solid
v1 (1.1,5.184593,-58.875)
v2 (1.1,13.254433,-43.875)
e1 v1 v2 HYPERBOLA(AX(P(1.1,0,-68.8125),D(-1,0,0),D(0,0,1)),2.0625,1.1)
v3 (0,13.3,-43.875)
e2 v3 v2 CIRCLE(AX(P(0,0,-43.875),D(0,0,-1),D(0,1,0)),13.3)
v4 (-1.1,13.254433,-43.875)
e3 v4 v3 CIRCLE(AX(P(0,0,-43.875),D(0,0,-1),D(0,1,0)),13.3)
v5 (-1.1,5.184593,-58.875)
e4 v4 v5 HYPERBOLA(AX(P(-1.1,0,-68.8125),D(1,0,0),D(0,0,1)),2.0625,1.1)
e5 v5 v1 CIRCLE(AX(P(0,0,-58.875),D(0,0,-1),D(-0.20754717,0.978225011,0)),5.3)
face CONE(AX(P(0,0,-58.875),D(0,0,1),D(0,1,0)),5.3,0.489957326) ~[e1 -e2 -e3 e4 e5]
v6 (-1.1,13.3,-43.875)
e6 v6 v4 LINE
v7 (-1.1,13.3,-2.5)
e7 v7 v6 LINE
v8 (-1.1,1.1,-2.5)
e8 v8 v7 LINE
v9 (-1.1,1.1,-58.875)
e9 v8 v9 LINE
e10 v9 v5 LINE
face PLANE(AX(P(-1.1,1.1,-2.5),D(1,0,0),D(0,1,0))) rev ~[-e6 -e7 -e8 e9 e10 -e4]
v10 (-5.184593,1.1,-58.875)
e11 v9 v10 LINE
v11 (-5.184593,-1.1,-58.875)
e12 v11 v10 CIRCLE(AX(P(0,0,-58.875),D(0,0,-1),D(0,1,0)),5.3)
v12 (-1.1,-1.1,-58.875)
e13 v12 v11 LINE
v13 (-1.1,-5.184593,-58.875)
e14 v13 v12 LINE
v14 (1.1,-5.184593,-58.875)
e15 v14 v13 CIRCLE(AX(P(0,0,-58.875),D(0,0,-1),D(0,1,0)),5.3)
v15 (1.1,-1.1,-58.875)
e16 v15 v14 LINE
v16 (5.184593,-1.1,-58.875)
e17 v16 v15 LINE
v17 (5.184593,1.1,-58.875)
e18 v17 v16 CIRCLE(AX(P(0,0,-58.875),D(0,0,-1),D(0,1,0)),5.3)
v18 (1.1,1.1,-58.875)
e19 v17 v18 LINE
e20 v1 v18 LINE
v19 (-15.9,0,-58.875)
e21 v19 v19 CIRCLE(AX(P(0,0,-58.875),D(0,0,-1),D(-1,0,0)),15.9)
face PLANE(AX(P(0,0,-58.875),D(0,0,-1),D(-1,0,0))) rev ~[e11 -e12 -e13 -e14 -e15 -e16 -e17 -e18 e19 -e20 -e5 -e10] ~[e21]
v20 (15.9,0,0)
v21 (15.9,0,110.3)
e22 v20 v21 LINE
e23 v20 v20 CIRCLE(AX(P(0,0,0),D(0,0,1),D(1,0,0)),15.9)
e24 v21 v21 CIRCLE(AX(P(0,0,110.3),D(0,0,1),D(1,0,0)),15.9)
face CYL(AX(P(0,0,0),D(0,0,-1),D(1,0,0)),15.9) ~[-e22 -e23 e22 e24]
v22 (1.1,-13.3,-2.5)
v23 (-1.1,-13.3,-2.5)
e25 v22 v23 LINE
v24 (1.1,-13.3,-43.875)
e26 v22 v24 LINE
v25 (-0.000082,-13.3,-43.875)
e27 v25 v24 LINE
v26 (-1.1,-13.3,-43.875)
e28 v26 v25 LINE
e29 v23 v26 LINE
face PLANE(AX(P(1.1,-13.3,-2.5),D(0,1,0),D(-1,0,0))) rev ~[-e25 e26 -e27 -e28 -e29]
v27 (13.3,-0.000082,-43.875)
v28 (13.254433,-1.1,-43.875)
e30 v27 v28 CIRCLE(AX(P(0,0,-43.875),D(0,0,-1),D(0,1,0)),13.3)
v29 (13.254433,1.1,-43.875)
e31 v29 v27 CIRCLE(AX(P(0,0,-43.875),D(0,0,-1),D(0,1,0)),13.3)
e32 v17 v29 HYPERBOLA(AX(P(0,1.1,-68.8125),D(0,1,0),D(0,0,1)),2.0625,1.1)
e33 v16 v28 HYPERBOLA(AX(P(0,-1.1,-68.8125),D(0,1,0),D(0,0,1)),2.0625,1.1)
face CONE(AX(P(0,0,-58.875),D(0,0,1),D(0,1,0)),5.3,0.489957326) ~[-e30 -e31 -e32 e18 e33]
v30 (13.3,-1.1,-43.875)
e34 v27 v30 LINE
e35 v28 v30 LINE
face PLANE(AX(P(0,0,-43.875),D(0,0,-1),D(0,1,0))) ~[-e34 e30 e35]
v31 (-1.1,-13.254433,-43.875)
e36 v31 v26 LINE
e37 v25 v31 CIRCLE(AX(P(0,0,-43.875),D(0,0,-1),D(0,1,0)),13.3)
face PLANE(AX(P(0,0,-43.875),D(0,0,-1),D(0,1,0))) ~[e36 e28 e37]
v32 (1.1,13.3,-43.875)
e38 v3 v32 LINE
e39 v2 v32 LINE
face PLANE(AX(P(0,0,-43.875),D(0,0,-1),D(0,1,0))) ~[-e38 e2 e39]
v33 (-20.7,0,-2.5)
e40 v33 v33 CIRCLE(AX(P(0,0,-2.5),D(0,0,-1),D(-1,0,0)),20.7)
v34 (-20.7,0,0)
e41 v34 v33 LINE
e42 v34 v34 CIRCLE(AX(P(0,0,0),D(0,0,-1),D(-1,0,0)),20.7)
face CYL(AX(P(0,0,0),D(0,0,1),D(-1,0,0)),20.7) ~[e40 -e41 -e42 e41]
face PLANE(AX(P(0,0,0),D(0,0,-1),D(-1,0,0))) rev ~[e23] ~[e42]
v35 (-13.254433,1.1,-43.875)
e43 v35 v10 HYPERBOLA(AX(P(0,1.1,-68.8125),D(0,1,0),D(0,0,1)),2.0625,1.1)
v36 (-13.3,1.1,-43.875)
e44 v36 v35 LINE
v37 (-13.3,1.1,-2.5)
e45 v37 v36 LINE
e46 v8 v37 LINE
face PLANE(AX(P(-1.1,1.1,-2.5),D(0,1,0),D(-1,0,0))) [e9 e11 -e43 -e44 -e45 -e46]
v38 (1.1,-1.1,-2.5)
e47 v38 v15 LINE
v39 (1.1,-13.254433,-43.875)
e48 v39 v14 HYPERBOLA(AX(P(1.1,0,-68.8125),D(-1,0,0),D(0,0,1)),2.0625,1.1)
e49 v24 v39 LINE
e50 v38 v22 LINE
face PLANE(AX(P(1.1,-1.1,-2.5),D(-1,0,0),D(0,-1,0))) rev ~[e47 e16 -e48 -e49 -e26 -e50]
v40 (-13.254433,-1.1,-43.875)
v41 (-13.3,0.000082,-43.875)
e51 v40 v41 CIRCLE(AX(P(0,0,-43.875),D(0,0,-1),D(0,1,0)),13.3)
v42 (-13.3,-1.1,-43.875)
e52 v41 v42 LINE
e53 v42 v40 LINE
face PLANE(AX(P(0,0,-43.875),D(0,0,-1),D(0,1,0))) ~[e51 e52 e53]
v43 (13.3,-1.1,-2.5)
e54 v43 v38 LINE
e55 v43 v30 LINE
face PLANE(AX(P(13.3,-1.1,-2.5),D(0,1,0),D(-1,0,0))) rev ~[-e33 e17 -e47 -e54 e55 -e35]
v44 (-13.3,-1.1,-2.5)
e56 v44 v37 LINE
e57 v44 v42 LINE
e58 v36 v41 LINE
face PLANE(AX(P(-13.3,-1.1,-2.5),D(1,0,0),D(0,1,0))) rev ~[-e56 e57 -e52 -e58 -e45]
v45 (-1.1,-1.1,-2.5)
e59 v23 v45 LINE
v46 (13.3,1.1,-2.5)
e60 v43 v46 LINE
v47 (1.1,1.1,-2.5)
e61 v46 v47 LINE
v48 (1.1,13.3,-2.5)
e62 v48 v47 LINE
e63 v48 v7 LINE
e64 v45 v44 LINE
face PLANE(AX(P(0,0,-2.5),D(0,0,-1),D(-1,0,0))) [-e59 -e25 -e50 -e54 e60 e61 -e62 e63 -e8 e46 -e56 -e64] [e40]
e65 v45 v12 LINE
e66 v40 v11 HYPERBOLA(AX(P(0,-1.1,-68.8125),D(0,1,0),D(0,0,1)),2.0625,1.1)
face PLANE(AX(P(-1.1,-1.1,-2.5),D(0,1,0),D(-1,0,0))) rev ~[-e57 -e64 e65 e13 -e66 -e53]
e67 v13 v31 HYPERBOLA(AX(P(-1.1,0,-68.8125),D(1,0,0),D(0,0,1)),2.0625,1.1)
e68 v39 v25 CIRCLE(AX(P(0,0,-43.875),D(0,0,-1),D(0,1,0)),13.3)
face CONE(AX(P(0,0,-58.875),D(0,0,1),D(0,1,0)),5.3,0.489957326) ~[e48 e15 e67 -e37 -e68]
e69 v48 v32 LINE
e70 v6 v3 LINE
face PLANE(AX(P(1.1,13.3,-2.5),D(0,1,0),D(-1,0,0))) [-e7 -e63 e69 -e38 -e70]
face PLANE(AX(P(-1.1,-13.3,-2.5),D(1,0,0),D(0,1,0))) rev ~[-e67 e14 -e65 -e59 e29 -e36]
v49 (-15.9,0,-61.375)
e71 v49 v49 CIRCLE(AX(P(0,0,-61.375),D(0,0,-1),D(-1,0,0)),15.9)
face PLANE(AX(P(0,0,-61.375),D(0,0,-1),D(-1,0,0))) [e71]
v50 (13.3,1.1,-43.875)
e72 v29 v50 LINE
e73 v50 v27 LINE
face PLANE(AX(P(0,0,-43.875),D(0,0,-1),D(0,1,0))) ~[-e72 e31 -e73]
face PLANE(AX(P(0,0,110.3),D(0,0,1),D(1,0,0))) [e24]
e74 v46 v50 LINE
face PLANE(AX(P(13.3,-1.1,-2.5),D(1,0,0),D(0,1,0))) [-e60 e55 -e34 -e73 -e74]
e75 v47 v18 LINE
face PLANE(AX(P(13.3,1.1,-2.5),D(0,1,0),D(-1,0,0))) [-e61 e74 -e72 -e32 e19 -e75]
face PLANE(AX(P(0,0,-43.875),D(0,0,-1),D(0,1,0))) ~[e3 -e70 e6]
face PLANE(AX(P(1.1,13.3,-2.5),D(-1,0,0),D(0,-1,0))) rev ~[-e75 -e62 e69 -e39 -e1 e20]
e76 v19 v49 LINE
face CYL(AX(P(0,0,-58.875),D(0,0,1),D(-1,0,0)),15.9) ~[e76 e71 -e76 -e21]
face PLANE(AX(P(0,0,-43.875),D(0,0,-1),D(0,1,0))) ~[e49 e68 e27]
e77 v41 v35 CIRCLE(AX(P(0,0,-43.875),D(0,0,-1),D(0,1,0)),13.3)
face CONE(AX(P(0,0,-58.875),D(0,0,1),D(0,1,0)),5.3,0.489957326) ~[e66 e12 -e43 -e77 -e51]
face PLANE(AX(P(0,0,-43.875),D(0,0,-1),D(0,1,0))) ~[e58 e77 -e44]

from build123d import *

# Parameters (mm, degrees)
SKETCH1_R           = 15.9
BOSS_EXTRUDE1_DEPTH = 110.3
SKETCH4_R           = 20.7
BOSS_EXTRUDE4_DEPTH = 2.5
SKETCH2_W           = 2.2
SKETCH2_H           = 12.2
SKETCH2_H_2         = 2.2
SKETCH2_W_2         = 12.2
BOSS_EXTRUDE2_DEPTH = 56.375
SKETCH3_R           = 15.9
BOSS_EXTRUDE3_DEPTH = 2.5
SKETCH5_W           = 15
SKETCH5_H           = 1.651179813


with BuildPart() as part:
    # Sketch1 → Boss-Extrude1 (new body)
    with BuildSketch(Plane.XY):
        Circle(SKETCH1_R)
    extrude(amount=BOSS_EXTRUDE1_DEPTH)

    # Sketch4 → Boss-Extrude4 (add)
    with BuildSketch(Plane(origin=(0, 0, 0), x_dir=(-1, 0, 0), z_dir=(0, 0, -1))):
        Circle(SKETCH4_R)
    extrude(amount=BOSS_EXTRUDE4_DEPTH)

    # Sketch2 → Boss-Extrude2 (add)
    with BuildSketch(Plane(origin=(0, 0, -2.5), x_dir=(-1, 0, 0), z_dir=(0, 0, -1))):
        with Locations((0, 7.2)):
            Rectangle(SKETCH2_W, SKETCH2_H)
        Rectangle(SKETCH2_W, SKETCH2_H_2)
        with Locations((0, -7.2)):
            Rectangle(SKETCH2_W, SKETCH2_H)
        with Locations((7.2, 0)):
            Rectangle(SKETCH2_W_2, SKETCH2_H_2)
        with Locations((-7.2, 0)):
            Rectangle(SKETCH2_W_2, SKETCH2_H_2)
    extrude(amount=BOSS_EXTRUDE2_DEPTH)

    # Sketch3 → Boss-Extrude3 (add)
    with BuildSketch(Plane(origin=(0, 0, -58.875), x_dir=(-1, 0, 0), z_dir=(0, 0, -1))):
        Circle(SKETCH3_R)
    extrude(amount=BOSS_EXTRUDE3_DEPTH)

    # Sketch5 → Cut-Revolve4 (revolve, cut)
    with BuildSketch(Plane(origin=(0, 0, 0), x_dir=(0, 0, -1), z_dir=(1, 0, 0))):
        with Locations((51.375, 14.125589907)):
            Rectangle(SKETCH5_W, SKETCH5_H)
        Polygon((58.875, 13.3), (58.875, 5.3), (43.875, 13.3), align=None)
    revolve(axis=Axis((0, 0, 121.7025), (0, 0, -1)), mode=Mode.SUBTRACT)


solid = part.part
